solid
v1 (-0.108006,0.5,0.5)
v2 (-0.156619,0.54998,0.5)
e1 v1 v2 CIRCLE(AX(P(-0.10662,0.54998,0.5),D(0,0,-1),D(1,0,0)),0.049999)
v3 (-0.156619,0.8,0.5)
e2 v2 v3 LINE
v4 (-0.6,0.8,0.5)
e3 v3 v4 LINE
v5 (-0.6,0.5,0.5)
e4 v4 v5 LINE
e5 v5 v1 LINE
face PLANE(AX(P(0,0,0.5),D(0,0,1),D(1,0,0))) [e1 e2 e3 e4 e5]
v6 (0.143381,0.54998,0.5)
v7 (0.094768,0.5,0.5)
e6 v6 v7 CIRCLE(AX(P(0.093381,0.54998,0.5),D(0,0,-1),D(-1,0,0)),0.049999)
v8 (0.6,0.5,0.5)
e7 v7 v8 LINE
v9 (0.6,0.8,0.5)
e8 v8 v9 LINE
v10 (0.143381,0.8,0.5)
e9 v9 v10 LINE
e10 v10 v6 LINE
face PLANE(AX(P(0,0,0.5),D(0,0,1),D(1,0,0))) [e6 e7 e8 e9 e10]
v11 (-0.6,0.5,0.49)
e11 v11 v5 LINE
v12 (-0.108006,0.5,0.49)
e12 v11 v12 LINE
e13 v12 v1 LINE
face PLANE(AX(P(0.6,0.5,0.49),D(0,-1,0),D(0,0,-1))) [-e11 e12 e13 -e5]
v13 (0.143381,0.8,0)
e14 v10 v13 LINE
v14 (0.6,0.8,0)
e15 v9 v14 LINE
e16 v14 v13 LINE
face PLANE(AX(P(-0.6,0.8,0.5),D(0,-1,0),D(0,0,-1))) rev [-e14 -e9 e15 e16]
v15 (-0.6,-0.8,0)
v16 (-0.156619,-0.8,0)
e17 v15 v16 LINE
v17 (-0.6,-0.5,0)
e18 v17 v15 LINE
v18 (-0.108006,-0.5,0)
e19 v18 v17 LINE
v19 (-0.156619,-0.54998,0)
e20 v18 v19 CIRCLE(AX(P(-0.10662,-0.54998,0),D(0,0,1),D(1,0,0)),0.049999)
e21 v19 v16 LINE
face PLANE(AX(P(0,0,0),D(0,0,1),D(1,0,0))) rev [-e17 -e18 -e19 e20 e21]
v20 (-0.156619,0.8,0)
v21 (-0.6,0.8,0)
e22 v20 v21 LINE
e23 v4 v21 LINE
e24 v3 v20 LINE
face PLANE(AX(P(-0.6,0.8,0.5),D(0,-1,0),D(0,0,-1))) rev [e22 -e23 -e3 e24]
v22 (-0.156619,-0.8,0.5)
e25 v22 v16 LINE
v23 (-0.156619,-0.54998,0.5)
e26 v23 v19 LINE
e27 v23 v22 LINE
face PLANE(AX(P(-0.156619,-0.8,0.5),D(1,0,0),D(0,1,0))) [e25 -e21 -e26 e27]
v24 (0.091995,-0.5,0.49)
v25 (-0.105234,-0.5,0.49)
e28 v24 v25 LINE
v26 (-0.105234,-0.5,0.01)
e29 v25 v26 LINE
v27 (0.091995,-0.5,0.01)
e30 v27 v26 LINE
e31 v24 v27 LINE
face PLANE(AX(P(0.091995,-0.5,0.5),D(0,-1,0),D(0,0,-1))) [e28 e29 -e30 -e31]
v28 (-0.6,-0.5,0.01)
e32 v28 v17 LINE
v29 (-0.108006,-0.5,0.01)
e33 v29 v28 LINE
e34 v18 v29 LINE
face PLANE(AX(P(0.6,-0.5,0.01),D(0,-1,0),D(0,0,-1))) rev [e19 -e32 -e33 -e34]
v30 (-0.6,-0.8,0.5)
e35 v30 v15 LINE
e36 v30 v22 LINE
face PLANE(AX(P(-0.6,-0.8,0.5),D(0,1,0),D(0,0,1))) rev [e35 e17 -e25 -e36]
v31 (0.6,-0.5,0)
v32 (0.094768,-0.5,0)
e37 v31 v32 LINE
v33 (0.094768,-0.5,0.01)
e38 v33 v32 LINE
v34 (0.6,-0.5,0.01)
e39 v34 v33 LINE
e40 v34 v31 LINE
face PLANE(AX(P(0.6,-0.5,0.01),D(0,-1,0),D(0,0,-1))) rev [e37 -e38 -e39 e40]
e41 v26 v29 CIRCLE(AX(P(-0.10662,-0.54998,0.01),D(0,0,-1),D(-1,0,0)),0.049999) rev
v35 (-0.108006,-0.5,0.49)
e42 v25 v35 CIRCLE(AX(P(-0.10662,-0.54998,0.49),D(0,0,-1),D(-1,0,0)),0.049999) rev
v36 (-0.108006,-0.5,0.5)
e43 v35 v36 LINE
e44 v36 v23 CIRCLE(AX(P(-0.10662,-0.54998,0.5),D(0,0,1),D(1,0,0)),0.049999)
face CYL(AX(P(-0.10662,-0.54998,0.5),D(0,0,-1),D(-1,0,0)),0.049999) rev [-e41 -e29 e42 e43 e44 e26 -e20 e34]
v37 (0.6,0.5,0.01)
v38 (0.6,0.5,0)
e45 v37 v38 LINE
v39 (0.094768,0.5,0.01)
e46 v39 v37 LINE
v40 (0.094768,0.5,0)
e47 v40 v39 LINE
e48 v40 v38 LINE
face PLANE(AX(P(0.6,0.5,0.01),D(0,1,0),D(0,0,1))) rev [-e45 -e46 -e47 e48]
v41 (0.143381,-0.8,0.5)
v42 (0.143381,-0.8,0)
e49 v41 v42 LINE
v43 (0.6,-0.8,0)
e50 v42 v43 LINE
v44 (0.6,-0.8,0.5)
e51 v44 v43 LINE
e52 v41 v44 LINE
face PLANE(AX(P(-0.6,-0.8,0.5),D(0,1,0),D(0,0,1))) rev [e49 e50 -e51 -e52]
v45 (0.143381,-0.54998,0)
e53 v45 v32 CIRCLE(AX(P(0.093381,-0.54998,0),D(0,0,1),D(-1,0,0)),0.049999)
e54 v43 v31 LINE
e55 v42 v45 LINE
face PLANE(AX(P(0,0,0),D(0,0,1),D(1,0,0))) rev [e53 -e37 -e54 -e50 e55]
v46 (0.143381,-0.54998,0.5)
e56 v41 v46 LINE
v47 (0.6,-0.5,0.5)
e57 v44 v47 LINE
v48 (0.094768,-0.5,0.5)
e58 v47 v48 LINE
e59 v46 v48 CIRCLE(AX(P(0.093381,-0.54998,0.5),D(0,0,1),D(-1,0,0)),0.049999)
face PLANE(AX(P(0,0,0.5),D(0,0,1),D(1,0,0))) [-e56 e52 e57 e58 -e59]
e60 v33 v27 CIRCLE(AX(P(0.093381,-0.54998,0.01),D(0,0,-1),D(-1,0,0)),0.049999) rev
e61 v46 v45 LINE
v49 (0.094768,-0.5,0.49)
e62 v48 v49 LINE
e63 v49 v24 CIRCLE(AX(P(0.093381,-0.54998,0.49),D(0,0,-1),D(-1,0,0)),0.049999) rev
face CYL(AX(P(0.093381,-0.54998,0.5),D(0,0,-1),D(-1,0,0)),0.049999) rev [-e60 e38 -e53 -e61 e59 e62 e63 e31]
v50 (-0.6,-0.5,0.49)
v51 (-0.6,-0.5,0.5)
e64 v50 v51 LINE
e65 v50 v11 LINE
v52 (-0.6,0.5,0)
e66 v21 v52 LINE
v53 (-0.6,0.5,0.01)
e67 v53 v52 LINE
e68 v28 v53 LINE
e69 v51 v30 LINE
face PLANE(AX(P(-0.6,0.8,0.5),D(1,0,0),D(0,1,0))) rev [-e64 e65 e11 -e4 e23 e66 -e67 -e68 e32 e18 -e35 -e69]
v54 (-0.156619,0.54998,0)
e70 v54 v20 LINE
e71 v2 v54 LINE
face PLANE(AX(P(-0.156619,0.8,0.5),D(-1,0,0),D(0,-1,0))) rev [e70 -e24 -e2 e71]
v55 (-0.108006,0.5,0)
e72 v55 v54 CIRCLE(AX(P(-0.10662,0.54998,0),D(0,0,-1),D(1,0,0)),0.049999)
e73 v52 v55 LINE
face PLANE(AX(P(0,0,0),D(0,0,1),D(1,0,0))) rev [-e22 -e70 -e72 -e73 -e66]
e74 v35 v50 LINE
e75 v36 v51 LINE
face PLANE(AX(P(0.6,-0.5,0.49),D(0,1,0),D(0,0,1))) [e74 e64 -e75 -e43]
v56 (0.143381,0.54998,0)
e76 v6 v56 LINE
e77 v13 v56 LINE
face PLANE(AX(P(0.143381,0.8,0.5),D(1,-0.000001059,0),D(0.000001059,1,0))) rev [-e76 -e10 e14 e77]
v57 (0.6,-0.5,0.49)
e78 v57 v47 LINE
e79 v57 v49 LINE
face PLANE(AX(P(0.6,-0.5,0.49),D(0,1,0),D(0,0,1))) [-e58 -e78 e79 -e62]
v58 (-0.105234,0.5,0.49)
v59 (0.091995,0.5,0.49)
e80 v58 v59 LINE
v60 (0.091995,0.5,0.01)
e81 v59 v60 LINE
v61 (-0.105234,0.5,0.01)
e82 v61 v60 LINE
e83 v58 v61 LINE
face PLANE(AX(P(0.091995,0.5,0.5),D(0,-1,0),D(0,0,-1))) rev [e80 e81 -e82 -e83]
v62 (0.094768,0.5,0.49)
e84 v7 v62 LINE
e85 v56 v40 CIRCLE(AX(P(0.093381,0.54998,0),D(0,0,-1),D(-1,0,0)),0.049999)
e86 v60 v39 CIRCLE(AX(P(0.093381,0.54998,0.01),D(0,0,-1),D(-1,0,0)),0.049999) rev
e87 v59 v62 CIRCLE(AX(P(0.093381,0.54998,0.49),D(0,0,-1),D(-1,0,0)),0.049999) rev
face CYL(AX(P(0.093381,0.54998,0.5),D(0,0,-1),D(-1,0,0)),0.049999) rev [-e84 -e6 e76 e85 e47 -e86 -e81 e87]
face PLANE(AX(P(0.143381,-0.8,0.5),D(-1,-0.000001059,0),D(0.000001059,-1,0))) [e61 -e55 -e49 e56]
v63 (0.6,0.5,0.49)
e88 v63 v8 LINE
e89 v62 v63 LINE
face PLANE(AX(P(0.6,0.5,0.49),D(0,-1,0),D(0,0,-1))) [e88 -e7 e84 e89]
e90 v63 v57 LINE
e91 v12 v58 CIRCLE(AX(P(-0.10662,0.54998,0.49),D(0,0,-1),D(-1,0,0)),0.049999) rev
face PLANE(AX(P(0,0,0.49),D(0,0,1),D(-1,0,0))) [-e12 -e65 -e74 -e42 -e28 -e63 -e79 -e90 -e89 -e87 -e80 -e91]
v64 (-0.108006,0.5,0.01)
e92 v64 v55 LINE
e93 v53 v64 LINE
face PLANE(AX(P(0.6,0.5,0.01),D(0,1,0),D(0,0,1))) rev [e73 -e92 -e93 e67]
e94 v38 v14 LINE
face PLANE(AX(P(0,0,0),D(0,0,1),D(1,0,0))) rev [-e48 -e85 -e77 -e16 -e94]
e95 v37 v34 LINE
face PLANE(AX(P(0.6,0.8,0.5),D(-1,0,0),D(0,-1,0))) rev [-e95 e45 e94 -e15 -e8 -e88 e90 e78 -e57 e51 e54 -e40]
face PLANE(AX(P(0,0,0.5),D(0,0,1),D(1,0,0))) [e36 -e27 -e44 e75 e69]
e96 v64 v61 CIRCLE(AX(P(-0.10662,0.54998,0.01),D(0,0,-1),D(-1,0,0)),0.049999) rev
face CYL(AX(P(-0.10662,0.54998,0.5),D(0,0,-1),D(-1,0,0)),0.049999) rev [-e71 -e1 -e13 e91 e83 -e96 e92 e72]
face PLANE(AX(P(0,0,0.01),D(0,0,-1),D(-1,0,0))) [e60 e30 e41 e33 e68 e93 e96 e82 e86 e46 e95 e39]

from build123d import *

# Parameters (mm, degrees)
SKETCH1_W           = 1.2
SKETCH1_H           = 1.6
BOSS_EXTRUDE1_DEPTH = 0.5
CUT_EXTRUDE1_DEPTH  = 1.5
SKETCH3_W           = 1.2
SKETCH3_H           = 1
CUT_EXTRUDE2_DEPTH  = 0.01


with BuildPart() as part:
    # Sketch1 → Boss-Extrude1 (new body)
    with BuildSketch(Plane.XY):
        Rectangle(SKETCH1_W, SKETCH1_H)
    extrude(amount=BOSS_EXTRUDE1_DEPTH)

    # Sketch2 → Cut-Extrude1 (cut, through all)
    with BuildSketch(Plane(origin=(0, 0, 0), x_dir=(-1, 0, 0), z_dir=(0, 0, -1))):
        with BuildLine():
            Line((0.156619149, 0.8), (0.156619149, 0.549979938))
            ThreePointArc((0.156619149, 0.549979938), (0.14148119, 0.514138446), (0.105233781, 0.5))
            Line((0.105233781, 0.5), (-0.091995219, 0.5))
            ThreePointArc((-0.091995219, 0.5), (-0.128242628, 0.514138446), (-0.143380586, 0.549979938))
            Line((-0.143380586, 0.549979938), (-0.143380851, 0.8))
            Line((-0.143380851, 0.8), (0.156619149, 0.8))
        make_face()
    cut_extrude1 = extrude(amount=-CUT_EXTRUDE1_DEPTH, mode=Mode.SUBTRACT)

    # Sketch3 → Cut-Extrude2 (cut)
    with BuildSketch(Plane(origin=(0, 0, 0), x_dir=(-1, 0, 0), z_dir=(0, 0, -1))):
        Rectangle(SKETCH3_W, SKETCH3_H)
    cut_extrude2 = extrude(amount=-CUT_EXTRUDE2_DEPTH, mode=Mode.SUBTRACT)

    # Mirror0: Cut-Extrude1 across plane
    add(cut_extrude1.mirror(Plane.ZX), mode=Mode.SUBTRACT)

    # Mirror1: Cut-Extrude2 across plane
    add(cut_extrude2.mirror(Plane(origin=(0, 0, 0.25), x_dir=(1, 0, 0), z_dir=(0, 0, -1))), mode=Mode.SUBTRACT)


solid = part.part
